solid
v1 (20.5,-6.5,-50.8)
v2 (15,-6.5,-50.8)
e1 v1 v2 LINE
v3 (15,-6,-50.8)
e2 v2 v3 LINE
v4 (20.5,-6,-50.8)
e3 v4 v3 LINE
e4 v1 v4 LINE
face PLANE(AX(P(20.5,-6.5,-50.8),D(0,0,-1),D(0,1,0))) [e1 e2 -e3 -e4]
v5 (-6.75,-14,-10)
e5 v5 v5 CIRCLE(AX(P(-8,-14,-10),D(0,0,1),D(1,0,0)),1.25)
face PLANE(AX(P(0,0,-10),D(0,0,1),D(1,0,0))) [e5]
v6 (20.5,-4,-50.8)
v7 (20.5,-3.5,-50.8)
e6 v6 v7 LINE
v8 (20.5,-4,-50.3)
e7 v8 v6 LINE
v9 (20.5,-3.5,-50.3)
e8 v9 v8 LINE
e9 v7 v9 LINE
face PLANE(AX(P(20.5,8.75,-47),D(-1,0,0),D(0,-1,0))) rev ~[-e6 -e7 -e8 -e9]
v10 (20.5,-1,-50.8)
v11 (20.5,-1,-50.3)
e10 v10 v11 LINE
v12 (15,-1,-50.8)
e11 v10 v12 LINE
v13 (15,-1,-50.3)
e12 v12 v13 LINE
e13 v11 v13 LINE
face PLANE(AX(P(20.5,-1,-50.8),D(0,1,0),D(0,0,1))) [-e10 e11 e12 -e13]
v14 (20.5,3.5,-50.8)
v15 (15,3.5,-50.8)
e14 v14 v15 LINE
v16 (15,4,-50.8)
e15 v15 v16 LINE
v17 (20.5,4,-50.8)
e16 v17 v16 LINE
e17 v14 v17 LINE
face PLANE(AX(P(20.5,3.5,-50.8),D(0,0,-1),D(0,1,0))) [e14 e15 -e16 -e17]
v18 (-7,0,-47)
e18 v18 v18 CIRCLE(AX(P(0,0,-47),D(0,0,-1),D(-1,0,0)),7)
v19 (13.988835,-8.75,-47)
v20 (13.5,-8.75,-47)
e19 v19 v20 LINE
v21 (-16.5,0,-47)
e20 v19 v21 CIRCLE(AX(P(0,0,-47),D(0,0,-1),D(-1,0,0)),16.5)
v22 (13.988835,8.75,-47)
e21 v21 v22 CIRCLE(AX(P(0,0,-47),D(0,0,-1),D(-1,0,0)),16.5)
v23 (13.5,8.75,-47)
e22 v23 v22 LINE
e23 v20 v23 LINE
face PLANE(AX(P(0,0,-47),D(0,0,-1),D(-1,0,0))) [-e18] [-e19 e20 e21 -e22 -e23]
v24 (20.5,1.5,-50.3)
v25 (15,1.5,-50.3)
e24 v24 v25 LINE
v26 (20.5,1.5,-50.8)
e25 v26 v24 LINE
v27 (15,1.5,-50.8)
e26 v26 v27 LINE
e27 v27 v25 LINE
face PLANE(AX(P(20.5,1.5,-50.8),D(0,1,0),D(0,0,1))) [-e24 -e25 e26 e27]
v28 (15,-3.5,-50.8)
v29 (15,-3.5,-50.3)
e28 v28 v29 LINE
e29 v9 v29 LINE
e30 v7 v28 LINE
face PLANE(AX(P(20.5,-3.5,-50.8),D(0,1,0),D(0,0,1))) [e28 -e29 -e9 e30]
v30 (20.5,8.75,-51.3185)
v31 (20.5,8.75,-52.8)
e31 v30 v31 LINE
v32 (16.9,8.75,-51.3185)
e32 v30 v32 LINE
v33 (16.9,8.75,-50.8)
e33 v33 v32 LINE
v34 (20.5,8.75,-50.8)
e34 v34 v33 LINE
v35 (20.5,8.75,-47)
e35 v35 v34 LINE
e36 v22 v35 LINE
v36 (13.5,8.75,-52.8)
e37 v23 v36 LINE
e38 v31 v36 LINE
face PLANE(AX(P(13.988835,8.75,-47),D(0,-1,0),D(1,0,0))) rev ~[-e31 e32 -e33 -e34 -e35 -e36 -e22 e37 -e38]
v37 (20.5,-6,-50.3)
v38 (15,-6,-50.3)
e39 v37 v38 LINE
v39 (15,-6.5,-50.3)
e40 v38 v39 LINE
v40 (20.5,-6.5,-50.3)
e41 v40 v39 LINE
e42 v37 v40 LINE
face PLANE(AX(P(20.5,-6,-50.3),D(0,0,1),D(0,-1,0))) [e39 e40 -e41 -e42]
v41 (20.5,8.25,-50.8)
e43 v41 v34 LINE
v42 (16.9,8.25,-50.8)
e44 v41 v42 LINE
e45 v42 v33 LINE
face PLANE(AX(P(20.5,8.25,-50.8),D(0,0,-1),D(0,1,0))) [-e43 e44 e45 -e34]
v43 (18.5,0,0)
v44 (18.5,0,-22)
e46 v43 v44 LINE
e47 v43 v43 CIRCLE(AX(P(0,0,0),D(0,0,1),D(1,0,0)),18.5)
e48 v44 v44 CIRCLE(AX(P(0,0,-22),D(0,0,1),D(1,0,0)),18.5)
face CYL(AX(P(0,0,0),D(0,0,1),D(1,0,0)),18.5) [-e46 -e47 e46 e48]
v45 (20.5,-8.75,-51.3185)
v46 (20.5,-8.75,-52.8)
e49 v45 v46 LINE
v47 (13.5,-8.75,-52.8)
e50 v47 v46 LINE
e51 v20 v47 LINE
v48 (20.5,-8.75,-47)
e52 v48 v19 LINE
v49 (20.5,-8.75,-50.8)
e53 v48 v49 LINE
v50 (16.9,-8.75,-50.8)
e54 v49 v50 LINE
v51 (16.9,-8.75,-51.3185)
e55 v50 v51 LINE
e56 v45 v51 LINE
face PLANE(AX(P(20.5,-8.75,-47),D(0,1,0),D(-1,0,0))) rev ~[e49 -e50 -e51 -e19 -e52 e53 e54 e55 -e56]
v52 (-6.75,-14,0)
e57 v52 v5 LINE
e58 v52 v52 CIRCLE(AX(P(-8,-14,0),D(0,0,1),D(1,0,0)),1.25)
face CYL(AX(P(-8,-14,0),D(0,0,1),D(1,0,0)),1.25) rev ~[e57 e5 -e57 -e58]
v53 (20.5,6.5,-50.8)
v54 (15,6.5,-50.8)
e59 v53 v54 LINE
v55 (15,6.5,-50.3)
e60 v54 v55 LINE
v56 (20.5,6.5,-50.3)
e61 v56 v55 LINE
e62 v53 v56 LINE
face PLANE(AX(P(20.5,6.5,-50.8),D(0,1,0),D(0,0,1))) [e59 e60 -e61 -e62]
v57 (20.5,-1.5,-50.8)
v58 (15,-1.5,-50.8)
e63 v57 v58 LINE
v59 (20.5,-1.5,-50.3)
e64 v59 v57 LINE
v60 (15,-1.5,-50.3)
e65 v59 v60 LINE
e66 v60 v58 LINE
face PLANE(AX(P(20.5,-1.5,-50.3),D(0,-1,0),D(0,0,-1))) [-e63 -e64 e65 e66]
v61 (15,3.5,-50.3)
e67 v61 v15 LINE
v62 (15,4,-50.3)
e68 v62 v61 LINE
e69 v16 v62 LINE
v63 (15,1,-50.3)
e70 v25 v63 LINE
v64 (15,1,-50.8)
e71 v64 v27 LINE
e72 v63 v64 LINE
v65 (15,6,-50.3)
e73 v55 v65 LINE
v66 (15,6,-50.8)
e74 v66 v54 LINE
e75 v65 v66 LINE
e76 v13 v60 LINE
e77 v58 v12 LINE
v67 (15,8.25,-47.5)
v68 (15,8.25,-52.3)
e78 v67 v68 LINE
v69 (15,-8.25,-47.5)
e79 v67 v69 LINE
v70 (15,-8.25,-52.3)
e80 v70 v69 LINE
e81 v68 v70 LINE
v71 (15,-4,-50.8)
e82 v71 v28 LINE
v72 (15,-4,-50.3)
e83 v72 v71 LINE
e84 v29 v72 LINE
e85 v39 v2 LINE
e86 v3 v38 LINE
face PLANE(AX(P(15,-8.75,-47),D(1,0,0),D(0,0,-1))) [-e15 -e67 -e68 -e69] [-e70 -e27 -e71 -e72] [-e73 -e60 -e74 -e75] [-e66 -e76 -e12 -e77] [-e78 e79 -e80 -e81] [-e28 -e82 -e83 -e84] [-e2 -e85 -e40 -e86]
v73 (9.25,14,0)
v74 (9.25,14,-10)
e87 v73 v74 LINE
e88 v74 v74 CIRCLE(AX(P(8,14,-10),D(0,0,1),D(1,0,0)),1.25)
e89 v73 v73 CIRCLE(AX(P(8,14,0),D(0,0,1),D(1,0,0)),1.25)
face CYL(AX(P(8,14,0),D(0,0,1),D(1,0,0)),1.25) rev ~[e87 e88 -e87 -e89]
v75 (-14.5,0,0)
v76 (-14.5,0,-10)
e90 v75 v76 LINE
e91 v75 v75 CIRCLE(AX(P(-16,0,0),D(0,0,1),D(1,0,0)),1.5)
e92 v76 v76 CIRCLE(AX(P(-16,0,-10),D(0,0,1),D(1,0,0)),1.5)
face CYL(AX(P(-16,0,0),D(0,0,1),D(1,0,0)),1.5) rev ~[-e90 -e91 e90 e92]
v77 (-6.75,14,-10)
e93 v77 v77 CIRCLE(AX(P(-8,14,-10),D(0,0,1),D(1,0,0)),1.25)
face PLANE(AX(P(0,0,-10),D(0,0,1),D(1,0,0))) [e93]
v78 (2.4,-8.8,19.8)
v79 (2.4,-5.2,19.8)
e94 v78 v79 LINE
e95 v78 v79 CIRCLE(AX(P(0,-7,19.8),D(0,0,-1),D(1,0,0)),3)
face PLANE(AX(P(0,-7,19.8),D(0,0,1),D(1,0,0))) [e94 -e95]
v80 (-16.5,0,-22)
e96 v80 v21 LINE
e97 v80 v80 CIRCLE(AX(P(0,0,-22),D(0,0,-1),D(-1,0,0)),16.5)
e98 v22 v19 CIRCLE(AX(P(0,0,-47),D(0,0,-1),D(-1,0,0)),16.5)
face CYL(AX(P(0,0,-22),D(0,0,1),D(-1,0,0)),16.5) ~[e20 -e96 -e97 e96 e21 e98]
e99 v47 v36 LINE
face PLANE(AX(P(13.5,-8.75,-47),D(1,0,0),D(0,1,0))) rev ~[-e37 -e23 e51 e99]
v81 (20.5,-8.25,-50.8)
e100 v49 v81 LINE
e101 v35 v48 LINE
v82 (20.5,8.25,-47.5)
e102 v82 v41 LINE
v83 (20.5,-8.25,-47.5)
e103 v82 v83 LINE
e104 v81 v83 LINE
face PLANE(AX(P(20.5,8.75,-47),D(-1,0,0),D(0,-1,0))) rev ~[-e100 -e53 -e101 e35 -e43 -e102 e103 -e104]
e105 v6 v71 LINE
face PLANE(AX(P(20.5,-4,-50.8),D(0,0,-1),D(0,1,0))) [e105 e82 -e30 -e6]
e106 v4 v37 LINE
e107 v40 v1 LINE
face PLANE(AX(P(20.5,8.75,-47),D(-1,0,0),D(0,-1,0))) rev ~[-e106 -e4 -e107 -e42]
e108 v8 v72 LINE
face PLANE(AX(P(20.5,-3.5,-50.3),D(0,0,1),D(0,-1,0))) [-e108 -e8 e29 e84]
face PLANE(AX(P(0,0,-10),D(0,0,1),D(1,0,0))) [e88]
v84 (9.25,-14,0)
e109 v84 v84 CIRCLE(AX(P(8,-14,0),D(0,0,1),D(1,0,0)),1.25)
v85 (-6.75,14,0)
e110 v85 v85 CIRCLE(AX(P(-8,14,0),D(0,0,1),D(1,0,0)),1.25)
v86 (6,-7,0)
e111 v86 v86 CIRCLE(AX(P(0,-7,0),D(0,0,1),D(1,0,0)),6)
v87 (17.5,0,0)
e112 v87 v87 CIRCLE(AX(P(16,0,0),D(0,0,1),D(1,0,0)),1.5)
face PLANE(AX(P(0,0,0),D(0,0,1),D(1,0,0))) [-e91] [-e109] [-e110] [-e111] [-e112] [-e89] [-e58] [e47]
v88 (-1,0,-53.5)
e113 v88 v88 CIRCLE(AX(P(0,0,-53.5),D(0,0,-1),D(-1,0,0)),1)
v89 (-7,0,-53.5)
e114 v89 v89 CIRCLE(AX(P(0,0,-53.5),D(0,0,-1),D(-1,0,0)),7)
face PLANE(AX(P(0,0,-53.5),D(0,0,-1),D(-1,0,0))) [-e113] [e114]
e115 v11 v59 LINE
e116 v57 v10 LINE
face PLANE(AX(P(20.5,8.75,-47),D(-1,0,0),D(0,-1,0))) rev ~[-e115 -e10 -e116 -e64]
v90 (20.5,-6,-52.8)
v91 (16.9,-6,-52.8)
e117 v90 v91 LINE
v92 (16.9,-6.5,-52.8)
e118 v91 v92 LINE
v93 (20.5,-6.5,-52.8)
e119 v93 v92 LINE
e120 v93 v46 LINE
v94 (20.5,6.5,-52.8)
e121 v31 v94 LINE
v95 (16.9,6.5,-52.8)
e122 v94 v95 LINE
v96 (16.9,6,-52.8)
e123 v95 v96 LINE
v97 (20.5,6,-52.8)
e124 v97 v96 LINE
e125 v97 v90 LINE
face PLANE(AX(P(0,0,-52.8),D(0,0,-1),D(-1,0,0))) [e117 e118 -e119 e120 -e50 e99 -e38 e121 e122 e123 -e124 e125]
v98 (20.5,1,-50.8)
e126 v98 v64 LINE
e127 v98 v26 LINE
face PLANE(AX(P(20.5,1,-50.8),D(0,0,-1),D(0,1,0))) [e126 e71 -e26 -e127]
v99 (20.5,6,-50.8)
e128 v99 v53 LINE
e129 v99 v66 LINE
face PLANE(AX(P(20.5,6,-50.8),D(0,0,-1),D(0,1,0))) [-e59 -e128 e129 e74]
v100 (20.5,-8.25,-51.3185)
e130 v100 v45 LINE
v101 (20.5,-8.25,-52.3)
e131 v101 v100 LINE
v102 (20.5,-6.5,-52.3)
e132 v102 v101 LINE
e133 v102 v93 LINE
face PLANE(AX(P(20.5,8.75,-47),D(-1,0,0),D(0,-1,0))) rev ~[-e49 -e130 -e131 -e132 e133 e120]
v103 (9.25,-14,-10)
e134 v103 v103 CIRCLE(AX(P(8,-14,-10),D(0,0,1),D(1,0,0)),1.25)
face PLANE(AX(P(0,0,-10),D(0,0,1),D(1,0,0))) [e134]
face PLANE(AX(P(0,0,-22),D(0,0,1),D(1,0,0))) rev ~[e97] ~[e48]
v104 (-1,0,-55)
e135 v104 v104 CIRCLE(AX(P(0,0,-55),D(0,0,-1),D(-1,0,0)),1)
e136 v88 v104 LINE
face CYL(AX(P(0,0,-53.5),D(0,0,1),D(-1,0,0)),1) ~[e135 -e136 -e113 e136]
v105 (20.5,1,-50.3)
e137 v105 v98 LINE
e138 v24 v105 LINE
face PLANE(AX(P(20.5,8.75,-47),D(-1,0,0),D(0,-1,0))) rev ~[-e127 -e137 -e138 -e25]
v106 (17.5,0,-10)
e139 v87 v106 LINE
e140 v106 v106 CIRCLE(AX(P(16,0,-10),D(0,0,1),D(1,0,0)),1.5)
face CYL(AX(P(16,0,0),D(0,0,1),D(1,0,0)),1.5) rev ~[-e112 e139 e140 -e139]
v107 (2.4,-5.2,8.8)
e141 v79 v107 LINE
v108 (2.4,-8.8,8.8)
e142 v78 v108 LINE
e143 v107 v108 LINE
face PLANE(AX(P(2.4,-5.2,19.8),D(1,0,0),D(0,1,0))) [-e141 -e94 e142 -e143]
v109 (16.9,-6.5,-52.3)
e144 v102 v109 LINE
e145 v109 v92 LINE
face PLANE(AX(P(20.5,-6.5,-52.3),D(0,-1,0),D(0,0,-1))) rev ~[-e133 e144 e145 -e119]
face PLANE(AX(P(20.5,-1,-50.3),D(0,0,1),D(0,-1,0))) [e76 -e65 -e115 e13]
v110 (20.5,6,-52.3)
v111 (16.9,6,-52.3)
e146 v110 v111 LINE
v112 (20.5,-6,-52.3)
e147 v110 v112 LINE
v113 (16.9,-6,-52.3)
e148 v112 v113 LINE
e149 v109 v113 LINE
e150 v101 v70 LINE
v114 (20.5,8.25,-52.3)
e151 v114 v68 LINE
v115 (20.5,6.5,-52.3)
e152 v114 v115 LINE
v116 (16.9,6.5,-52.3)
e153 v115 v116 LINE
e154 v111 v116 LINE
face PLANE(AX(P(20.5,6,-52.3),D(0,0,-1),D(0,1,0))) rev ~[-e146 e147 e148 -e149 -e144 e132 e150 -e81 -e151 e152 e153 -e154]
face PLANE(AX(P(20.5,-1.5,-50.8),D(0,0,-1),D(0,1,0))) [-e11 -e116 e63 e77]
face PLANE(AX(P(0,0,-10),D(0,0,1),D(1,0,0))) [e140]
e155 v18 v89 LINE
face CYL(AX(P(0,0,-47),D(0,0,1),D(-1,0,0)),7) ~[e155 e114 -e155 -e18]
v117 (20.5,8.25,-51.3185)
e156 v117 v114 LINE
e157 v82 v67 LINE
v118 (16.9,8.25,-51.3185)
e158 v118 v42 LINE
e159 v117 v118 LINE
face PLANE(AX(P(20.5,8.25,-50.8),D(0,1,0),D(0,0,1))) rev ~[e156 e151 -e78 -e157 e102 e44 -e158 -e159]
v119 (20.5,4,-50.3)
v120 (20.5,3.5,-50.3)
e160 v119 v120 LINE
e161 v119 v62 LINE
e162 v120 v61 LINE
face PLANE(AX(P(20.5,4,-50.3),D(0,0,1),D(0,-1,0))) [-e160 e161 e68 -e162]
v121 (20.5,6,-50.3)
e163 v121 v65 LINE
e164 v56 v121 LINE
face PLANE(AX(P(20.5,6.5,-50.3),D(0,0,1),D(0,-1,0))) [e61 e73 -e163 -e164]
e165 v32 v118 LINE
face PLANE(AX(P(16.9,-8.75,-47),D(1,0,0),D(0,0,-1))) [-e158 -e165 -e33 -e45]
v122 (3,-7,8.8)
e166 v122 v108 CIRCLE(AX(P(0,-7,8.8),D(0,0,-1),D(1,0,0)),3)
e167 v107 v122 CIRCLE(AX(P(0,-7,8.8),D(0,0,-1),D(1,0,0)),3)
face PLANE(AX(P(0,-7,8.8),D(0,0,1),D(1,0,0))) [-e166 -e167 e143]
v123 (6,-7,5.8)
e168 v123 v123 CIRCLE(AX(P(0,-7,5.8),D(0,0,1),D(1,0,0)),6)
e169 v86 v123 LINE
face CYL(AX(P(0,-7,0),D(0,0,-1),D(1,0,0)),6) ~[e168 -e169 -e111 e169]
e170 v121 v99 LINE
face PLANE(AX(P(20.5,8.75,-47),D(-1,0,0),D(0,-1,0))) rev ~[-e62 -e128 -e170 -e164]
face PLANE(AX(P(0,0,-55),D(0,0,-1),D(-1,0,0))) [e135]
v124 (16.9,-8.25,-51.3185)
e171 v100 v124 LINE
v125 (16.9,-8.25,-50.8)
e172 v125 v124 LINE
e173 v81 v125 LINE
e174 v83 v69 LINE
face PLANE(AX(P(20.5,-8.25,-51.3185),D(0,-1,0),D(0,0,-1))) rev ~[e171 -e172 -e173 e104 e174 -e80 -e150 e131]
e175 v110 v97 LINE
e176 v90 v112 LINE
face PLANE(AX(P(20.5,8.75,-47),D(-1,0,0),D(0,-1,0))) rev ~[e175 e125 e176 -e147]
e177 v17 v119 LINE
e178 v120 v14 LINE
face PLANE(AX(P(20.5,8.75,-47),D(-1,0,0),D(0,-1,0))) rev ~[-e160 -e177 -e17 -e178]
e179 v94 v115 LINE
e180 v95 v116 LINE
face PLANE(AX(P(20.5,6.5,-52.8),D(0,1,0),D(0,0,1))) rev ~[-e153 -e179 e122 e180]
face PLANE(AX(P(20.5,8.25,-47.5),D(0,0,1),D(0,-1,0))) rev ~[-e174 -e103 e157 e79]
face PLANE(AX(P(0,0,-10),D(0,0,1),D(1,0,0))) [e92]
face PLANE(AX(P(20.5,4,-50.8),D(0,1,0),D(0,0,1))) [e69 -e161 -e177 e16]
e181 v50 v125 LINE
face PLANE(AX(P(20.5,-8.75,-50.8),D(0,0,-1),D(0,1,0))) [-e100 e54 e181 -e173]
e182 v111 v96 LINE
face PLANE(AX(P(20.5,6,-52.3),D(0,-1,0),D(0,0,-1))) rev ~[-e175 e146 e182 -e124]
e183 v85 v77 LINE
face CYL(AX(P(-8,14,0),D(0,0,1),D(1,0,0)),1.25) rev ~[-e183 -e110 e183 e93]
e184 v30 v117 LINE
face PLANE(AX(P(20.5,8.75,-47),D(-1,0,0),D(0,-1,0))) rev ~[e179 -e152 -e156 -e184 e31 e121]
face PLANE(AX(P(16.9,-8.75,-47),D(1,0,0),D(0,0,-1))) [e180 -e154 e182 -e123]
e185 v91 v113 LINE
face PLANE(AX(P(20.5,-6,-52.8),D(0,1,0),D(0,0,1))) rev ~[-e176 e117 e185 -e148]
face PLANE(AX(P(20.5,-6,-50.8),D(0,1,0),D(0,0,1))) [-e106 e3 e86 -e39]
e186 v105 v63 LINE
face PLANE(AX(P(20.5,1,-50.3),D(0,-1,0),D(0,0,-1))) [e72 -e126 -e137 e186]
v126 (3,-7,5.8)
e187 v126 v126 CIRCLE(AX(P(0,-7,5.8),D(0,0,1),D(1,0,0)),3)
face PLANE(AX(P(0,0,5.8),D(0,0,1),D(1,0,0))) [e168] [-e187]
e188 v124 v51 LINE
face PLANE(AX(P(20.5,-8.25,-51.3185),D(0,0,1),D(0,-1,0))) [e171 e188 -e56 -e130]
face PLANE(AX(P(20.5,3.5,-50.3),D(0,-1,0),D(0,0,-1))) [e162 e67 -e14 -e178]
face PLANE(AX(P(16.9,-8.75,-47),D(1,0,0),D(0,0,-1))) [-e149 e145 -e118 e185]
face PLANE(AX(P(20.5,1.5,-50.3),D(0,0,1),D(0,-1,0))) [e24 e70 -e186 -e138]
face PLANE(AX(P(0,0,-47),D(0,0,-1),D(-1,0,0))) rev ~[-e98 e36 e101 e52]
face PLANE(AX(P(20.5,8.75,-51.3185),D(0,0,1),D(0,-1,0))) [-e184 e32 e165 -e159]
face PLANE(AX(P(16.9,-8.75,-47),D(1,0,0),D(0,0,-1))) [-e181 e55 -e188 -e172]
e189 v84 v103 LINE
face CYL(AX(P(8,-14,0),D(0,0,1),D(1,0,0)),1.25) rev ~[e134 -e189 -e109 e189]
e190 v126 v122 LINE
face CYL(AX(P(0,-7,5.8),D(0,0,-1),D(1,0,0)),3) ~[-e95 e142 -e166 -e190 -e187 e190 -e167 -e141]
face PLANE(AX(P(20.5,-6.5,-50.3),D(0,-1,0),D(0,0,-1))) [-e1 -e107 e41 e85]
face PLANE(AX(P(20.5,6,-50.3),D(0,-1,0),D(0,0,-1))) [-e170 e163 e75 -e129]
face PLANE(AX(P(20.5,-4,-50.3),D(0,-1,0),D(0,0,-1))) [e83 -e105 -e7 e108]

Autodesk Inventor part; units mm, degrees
ref_plane "YZ Plane" through (0, 0, 0) normal (1, 0, 0) x (0, 1, 0)
ref_plane "XZ Plane" through (0, 0, 0) normal (0, 1, 0) x (-1, 0, 0)
ref_plane "XY Plane" through (0, 0, 0) normal (0, 0, 1) x (1, 0, 0)
sketch "Sketch1" plane through (0, 0, 0) normal (0, 0, 1) x (1, 0, 0)
  circle A0 centre (0, 0) radius 18.5
  dimension "d0" = 37
extrude "Extrusion1" add sketch "Sketch1" against normal blind 22
sketch "Sketch2" plane through (0, 0, -22) normal (0, 0, -1) x (-1, 0, 0)
  circle A0 centre (0, 0) radius 18.5 projected
  circle A1 centre (0, 0) radius 16.5
  dimension "d3" = 33
extrude "Extrusion2" add sketch "Sketch2" along normal blind 25 contours A1
sketch "Sketch3" plane through (0, 0, -47) normal (0, 0, -1) x (-1, 0, 0)
  circle A0 centre (0, 0) radius 18.5 projected
  circle A1 centre (0, 0) radius 7
  dimension "d6" = 14
extrude "Extrusion3" add sketch "Sketch3" along normal blind 6.5 contours A1
sketch "Sketch4" plane through (0, 0, -53.5) normal (0, 0, -1) x (-1, 0, 0)
  circle A0 centre (0, 0) radius 1
  dimension "d9" = 2
extrude "Extrusion4" add sketch "Sketch4" along normal blind 1.5
sketch "Sketch5" plane through (0, 0, -47) normal (0, 0, -1) x (-1, 0, 0)
  line L0 (-20.5, -8.75) -> (-13.5, -8.75)
  line L1 (-13.5, -8.75) -> (-13.5, 8.75)
  line L2 (-13.5, 8.75) -> (-20.5, 8.75)
  line L3 (-20.5, 8.75) -> (-20.5, -8.75)
  circle A0 centre (0, 0) radius 16.5 projected
  dimension "d12" = 17.5
  dimension "d13" = 7
  dimension "d14" = 8.75
  dimension "d15" = 37
extrude "Extrusion5" add sketch "Sketch5" along normal blind 5.8 contours L3 L2 A0 L0 | A0 L2 L1 L0 picked at (-14.4657, -0.6136)
sketch "Sketch6" plane through (20.5, -8.75, -47) normal (1, 0, 0) x (0, 0, -1)
  line L0 (5.3, 17) -> (0.5, 17)
  line L1 (0.5, 17) -> (0.5, 0.5)
  line L2 (0.5, 0.5) -> (5.3, 0.5)
  line L3 (5.3, 0.5) -> (5.3, 17)
  line L4 (0, 17.5) -> (5.8, 17.5) projected
  line L5 (5.8, 17.5) -> (5.8, 0) projected
  line L6 (0, 0) -> (5.8, 0) projected
  line L7 (0, 17.5) -> (0, 0) projected
  line L8 (3.8, 15.25) -> (3.3, 15.25)
  line L9 (3.3, 15.25) -> (3.3, 14.75)
  line L10 (3.3, 14.75) -> (3.8, 14.75)
  line L11 (3.8, 14.75) -> (3.8, 15.25)
  line L12 (3.8, 12.75) -> (3.3, 12.75)
  line L13 (3.8, 12.25) -> (3.8, 12.75)
  line L14 (3.3, 12.25) -> (3.8, 12.25)
  line L15 (3.3, 12.75) -> (3.3, 12.25)
  line L16 (3.8, 10.25) -> (3.3, 10.25)
  line L17 (3.8, 9.75) -> (3.8, 10.25)
  line L18 (3.3, 9.75) -> (3.8, 9.75)
  line L19 (3.3, 10.25) -> (3.3, 9.75)
  line L20 (3.8, 7.75) -> (3.3, 7.75)
  line L21 (3.8, 7.25) -> (3.8, 7.75)
  line L22 (3.3, 7.25) -> (3.8, 7.25)
  line L23 (3.3, 7.75) -> (3.3, 7.25)
  line L24 (3.8, 5.25) -> (3.3, 5.25)
  line L25 (3.8, 4.75) -> (3.8, 5.25)
  line L26 (3.3, 4.75) -> (3.8, 4.75)
  line L27 (3.3, 5.25) -> (3.3, 4.75)
  line L28 (3.8, 2.75) -> (3.3, 2.75)
  line L29 (3.8, 2.25) -> (3.8, 2.75)
  line L30 (3.3, 2.25) -> (3.8, 2.25)
  line L31 (3.3, 2.75) -> (3.3, 2.25)
  line L32 (0, 17.5) -> (5.8, 17.5) projected
  line L33 (4.3185, 17) -> (3.8, 17)
  line L34 (3.8, 17) -> (3.8, 17.5)
  line L35 (3.8, 17.5) -> (4.3185, 17.5)
  line L36 (4.3185, 17.5) -> (4.3185, 17)
  line L37 (3.8, 0.5) -> (4.3185, 0.5)
  line L38 (4.3185, 0.5) -> (4.3185, 0)
  line L39 (4.3185, 0) -> (3.8, 0)
  line L40 (3.8, 0) -> (3.8, 0.5)
  line L41 (5.8, 15.25) -> (5.3, 15.25)
  line L42 (5.3, 15.25) -> (5.3, 14.75)
  line L43 (5.3, 14.75) -> (5.8, 14.75)
  line L44 (5.8, 14.75) -> (5.8, 15.25)
  line L45 (5.8, 2.75) -> (5.3, 2.75)
  line L46 (5.3, 2.75) -> (5.3, 2.25)
  line L47 (5.3, 2.25) -> (5.8, 2.25)
  line L48 (5.8, 2.25) -> (5.8, 2.75)
  point P0 (-47, 8.75)
  dimension "d18" = 0.5
  dimension "d19" = 0.5
  dimension "d20" = 0.5
  dimension "d21" = 0.5
  dimension "d22" = 0.5
  dimension "d23" = 0.5
  dimension "d26" = 2.5
  dimension "d31" = 1.5
  dimension "d32" = 1.75
extrude "Extrusion6" cut sketch "Sketch6" against normal blind 5.5 contours L3 L2 L1 L0
extrude "Extrusion7" cut sketch "Sketch6" against normal blind 3.6 contours L0 L34 L4 L36 | L41 L5 L43 L3 | L45 L5 L47 L3 | L2 L38 L6 L40
sketch "Sketch7" plane through (0, 0, 0) normal (0, 0, 1) x (1, 0, 0)
  circle A0 centre (-8, 14) radius 1.25 projected
  circle A1 centre (-16, 0) radius 1.5 projected
  circle A2 centre (-8, -14) radius 1.25 projected
  circle A3 centre (8, -14) radius 1.25 projected
  circle A4 centre (16, 0) radius 1.5 projected
  circle A5 centre (8, 14) radius 1.25 projected
  circle A6 centre (0, -7) radius 6
  point P0 (0, 0)
  dimension "d37" = 12
  dimension "d38" = 7
extrude "Extrusion8" add sketch "Sketch7" along normal blind 5.8 contours A6
sketch "Sketch8" plane through (0, -7, 5.8) normal (0, 0, 1) x (1, 0, 0)
  circle A0 centre (0, 7) radius 7 projected
  circle A1 centre (0, 0) radius 3
  dimension "d41" = 6
extrude "Extrusion9" add sketch "Sketch8" along normal blind 14 contours A1 A0 | A0 A1 picked at (-0.8611, 0.9867) picked at (-1.0544, -0.7781)
sketch "Sketch9" plane through (0, -7, 19.8) normal (0, 0, 1) x (1, 0, 0)
  line L0 (2.4, 2.1786) -> (4.1019, 2.1786)
  line L1 (4.1019, 2.1786) -> (4.1019, -2.6301)
  line L2 (4.1019, -2.6301) -> (2.4, -2.6301)
  line L3 (2.4, -2.6301) -> (2.4, 2.1786)
  circle A0 centre (0, 0) radius 3 projected
  point P0 (0, 7)
  dimension "d44" = 5.4
extrude "Extrusion10" cut sketch "Sketch9" against normal blind 11 contours L0 L1 L2 L3 A0 | A0 L3 picked at (2.5094, 0.416)
extrude "Extrusion11" cut sketch "Sketch7" against normal blind 10 contours A0 | A1 | A2 | A3 | A4 | A5
equation "\"d14\" = 0.5 * d12"
properties part number "Motor"
